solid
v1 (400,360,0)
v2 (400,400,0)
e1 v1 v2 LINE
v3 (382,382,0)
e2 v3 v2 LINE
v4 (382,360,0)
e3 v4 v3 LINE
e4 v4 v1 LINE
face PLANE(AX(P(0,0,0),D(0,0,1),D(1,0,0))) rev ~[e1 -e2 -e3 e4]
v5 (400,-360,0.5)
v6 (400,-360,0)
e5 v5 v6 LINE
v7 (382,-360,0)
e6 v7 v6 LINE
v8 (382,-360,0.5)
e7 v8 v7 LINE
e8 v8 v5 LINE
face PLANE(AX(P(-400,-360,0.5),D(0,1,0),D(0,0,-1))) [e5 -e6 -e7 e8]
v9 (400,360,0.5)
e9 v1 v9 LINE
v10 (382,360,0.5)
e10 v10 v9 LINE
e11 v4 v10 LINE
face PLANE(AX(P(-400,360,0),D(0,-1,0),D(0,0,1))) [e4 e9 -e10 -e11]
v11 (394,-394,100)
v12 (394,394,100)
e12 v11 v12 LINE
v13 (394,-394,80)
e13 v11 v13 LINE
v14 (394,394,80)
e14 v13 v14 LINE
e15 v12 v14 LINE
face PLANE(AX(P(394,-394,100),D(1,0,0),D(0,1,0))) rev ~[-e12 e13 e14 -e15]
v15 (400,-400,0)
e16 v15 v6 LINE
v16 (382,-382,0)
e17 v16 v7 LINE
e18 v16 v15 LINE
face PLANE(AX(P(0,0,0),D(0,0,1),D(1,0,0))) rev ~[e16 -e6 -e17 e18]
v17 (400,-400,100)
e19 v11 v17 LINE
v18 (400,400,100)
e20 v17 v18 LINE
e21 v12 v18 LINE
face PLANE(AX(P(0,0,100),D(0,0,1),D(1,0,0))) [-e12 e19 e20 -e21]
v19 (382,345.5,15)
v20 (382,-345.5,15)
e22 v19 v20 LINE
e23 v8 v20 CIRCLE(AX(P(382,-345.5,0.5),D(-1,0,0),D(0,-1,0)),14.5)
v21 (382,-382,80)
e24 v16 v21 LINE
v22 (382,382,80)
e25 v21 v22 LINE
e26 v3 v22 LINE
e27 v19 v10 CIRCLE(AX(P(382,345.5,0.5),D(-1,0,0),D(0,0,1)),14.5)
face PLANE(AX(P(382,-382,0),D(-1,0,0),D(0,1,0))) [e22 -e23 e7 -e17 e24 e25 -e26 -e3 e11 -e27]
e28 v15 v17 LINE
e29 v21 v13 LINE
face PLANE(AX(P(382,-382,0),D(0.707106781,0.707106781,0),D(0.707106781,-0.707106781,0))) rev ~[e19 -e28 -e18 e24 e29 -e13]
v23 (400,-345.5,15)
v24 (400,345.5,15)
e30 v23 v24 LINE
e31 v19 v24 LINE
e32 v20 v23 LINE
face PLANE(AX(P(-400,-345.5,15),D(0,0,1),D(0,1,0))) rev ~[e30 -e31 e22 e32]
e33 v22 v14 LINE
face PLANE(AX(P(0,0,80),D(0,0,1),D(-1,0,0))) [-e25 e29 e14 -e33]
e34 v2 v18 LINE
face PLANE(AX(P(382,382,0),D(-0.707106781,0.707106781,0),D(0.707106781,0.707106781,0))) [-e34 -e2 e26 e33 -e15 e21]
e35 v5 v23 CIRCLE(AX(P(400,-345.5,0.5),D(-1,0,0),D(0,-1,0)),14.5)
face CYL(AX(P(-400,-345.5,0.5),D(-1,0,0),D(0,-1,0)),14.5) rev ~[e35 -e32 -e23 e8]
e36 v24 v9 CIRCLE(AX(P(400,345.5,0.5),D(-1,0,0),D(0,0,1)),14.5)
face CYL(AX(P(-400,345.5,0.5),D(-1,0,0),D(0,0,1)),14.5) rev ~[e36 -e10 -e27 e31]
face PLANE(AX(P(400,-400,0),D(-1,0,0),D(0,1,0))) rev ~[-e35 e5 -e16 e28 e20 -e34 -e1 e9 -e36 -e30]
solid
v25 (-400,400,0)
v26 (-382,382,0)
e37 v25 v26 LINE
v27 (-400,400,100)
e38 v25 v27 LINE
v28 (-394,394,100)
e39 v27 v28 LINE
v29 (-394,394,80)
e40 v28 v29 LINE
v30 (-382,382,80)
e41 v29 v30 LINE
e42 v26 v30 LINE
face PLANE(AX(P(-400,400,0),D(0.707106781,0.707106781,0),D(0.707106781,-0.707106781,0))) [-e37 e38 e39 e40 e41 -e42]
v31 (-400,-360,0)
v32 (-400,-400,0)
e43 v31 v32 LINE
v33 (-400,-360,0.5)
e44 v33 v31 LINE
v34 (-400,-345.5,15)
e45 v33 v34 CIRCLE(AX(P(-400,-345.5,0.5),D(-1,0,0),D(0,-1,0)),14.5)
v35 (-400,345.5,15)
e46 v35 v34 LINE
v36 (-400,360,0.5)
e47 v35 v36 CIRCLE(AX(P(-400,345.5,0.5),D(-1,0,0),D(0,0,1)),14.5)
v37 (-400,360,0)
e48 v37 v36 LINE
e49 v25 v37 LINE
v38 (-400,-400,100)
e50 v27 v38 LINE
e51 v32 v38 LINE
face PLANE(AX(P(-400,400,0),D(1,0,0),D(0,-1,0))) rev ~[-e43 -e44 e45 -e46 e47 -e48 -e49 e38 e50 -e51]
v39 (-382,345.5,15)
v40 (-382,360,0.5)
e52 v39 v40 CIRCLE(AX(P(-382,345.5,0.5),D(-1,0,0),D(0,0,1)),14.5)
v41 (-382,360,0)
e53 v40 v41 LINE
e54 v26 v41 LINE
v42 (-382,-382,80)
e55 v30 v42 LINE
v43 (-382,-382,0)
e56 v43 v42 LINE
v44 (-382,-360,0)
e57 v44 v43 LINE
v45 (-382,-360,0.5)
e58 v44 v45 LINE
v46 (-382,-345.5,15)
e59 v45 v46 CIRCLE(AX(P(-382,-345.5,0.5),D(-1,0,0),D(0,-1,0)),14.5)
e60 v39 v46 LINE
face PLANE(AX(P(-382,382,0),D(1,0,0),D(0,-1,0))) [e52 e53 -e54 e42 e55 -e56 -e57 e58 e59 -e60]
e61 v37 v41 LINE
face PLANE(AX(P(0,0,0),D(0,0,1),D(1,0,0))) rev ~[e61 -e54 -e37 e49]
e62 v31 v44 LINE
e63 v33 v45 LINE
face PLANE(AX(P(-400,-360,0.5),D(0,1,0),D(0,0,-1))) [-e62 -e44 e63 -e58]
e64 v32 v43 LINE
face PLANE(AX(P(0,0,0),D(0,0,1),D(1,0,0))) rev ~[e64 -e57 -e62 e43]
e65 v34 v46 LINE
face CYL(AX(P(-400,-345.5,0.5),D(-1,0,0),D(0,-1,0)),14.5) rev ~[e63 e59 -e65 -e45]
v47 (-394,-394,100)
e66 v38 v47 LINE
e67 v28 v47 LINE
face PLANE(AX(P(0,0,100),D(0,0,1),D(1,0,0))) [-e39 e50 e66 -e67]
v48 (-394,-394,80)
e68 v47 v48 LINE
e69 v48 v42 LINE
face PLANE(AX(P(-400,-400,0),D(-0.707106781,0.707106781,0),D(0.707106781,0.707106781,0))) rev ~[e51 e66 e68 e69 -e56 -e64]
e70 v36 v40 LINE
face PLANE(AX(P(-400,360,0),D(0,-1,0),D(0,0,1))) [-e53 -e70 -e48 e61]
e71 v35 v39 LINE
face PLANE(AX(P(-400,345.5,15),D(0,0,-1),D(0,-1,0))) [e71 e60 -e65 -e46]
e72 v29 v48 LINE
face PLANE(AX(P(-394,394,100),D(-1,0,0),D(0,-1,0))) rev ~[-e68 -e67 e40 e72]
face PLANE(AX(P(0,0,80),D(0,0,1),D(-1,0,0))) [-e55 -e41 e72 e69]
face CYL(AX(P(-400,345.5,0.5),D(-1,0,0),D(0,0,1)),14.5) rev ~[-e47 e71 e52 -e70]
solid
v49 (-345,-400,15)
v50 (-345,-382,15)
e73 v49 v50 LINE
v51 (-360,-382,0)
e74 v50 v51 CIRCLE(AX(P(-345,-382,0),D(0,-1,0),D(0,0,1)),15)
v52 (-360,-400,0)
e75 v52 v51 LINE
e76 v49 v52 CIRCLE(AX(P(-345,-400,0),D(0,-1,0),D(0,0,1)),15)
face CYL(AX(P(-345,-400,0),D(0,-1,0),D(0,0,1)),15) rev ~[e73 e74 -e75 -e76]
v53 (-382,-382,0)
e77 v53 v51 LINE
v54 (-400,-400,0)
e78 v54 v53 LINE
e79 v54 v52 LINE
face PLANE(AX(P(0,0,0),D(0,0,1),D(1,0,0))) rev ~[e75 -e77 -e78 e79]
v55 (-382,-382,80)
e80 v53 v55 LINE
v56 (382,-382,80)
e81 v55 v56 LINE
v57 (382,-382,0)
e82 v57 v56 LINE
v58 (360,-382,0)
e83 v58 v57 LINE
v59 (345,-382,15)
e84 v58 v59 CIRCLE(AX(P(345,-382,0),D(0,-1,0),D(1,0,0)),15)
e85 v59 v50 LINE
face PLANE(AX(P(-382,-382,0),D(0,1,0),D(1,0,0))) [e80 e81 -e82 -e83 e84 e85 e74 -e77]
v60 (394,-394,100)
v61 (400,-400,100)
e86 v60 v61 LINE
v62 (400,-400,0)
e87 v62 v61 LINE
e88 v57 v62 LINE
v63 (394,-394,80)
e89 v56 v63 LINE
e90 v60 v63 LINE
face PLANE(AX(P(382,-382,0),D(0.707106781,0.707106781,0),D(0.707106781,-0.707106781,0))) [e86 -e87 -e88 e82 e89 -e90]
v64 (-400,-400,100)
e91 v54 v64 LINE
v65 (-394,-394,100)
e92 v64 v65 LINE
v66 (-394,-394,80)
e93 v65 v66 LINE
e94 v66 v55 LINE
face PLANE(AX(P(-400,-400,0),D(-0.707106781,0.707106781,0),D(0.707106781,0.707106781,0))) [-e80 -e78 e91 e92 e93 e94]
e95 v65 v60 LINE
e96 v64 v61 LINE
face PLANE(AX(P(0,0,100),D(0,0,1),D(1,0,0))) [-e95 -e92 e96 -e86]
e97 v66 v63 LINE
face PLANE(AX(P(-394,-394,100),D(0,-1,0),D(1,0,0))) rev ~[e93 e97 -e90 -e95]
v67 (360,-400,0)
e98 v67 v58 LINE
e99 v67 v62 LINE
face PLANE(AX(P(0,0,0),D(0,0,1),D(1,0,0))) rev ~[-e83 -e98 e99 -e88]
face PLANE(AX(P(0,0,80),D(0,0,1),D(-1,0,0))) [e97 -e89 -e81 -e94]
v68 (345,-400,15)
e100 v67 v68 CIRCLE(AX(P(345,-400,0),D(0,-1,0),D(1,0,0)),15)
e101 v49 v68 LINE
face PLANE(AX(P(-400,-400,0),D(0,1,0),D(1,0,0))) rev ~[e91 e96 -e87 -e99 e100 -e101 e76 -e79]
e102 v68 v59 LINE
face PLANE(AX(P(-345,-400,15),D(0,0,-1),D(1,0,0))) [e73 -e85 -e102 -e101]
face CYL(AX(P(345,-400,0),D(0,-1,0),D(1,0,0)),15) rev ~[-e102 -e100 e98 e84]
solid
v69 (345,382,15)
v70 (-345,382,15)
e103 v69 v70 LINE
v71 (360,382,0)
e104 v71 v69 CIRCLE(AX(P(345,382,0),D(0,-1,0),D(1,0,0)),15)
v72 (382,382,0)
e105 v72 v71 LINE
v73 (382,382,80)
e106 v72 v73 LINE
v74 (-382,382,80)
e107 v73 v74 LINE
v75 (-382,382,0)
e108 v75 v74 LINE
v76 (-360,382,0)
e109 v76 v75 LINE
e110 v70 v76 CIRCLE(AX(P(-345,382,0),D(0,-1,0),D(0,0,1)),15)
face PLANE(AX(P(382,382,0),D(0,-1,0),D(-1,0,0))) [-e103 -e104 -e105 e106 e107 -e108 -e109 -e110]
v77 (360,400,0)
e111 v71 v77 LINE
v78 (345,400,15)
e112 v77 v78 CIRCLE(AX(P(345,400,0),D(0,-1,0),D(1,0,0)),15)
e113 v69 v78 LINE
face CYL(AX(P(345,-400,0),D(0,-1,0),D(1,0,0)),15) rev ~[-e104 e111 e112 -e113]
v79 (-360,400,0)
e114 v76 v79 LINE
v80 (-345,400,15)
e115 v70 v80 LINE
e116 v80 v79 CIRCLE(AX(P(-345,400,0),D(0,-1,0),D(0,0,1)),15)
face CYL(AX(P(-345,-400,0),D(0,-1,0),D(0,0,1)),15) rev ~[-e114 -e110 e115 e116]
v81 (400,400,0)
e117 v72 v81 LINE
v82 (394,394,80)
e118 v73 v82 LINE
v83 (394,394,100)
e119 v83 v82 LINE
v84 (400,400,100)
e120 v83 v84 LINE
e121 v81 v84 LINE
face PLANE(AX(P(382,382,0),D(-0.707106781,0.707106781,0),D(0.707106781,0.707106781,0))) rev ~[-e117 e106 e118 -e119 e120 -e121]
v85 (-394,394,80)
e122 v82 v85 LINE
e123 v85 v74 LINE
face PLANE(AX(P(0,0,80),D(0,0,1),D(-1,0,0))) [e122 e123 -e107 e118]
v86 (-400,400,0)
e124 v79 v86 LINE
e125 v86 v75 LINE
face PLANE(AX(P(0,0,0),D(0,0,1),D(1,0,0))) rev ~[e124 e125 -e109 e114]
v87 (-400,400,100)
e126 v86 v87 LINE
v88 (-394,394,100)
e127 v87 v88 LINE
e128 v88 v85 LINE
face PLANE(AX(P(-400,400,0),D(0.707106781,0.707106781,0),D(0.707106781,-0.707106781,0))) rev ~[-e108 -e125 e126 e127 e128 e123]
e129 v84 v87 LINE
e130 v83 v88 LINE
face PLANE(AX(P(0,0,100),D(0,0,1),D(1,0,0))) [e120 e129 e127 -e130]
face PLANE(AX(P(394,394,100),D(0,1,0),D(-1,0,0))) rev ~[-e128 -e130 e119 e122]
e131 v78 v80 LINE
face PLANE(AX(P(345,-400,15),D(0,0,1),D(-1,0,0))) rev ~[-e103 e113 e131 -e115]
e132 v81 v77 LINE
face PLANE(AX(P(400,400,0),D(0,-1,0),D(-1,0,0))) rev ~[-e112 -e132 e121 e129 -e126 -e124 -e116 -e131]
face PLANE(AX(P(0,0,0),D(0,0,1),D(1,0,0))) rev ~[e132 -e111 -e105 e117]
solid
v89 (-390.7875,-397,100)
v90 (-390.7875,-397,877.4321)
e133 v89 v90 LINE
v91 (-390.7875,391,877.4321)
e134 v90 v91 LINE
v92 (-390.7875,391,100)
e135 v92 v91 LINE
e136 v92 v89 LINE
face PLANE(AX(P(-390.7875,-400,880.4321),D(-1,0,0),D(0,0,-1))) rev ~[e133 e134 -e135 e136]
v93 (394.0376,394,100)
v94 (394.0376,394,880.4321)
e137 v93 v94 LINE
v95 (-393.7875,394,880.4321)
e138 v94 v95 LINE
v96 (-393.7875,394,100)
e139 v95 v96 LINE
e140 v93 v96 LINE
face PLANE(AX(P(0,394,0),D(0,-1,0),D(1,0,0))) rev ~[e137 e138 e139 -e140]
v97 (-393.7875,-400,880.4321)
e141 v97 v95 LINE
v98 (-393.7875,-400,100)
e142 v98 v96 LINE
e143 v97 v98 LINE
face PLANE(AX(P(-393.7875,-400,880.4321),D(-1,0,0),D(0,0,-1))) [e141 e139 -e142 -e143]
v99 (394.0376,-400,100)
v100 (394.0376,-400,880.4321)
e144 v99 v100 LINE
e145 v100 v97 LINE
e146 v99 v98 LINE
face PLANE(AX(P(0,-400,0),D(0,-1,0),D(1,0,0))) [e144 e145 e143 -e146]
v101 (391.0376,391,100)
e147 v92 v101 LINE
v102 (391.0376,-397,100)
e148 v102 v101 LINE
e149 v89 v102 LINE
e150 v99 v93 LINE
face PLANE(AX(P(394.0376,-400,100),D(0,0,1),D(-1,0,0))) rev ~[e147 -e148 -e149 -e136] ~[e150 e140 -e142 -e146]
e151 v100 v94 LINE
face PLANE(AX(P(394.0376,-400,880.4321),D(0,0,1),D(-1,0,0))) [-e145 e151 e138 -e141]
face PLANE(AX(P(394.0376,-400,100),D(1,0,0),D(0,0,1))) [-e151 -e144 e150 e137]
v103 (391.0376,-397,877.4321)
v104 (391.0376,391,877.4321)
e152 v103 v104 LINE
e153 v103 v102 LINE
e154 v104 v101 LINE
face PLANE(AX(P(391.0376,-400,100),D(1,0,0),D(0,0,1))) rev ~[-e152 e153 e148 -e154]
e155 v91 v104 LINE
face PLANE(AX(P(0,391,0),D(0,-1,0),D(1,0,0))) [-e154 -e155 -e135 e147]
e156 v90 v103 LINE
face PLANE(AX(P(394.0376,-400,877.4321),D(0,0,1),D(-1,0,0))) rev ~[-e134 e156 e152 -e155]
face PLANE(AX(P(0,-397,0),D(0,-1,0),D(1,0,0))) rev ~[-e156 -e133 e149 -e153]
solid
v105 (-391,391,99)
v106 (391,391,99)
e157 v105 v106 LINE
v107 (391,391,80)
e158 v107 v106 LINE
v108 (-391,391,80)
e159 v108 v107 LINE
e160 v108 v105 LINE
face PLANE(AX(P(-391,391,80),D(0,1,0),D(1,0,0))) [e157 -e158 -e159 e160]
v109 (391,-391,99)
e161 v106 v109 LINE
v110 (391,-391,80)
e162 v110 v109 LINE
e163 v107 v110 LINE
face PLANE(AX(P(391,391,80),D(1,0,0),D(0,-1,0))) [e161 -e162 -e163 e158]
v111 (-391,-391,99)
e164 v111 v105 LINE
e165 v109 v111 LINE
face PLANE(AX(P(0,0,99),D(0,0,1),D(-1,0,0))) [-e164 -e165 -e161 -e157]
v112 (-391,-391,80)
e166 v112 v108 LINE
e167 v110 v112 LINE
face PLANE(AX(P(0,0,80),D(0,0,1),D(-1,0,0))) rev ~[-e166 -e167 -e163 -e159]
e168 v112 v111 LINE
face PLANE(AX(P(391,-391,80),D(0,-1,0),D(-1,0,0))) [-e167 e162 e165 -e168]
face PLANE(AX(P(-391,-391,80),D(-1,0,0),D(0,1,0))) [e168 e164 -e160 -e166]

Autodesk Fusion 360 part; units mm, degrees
sketch "Sketch3" plane through (0, 0, 0) normal (0, 0, 1) x (1, 0, 0)
  line L0 (-400, -400) -> (400, -400)
  line L1 (400, -400) -> (400, 400)
  line L2 (400, 400) -> (-400, 400)
  line L3 (-400, 400) -> (-400, -400)
  line L4 (382, -382) -> (382, 382)
  line L5 (382, 382) -> (-382, 382)
  line L6 (-382, 382) -> (-382, -382)
  line L7 (-382, -382) -> (382, -382)
  line L8 (-400, 400) -> (-382, 382)
  line L9 (382, -382) -> (400, -400)
  line L10 (-400, -400) -> (-382, -382)
  line L11 (382, 382) -> (400, 400)
  line L12 (-400, -400) -> (-382, -382) construction
  line L13 (382, 382) -> (400, 400) construction
  line L14 (400, -400) -> (382, -382) construction
  line L15 (-382, 382) -> (-400, 400) construction
  dimension "d11" = 800
  dimension "d12" = 800
  dimension "d13" = -18
extrude "Extrude3" add sketch "Sketch3" along normal blind 100 contours L3 L6 L8 L10 | L1 L4 L9 L11 makes body 1 at (-400, 133.3333, 66.6667) makes body 2 at (400, -133.3333, 66.6667)
extrude "Extrude4" add sketch "Sketch3" along normal blind 100 separate body contours L0 L7 L9 L10 | L2 L5 L8 L11 makes body 3 at (-133.3333, -400, 66.6667) makes body 4 at (133.3333, 400, 66.6667)
sketch "Sketch4" plane through (0, -400, 0) normal (0, -1, 0) x (1, 0, 0)
  line L0 (-400, 0) -> (400, 0)
  line L1 (400, 0) -> (400, 100)
  line L2 (400, 100) -> (-400, 100)
  line L3 (-400, 100) -> (-400, 0)
  line L4 (-350, 0) -> (0, 0)
  line L5 (-350, 15) -> (0, 15)
  line L6 (-350, 0) -> (-365, 0)
  arc A0 (-350, 15) -> (-365, 0) centre (-350, 0) ccw
  spline S0 degree 5 poles (0, 0) (0, 7.6752) (0, 23.0256) (0, 46.0513) (0, 76.7521) (0, 115.1282) (0, 145.829) (0, 168.8546) (0, 184.2051) (0, 191.8803) knots 0 0 0 0 0 0 0.2 0.4 0.6 0.8 1 1 1 1 1 1 construction
  line L7 (0, 1.75) -> (0, 22.5) construction
  line L8 (350, 0) -> (0, 0)
  line L9 (350, 0) -> (365, 0)
  arc A1 (365, 0) -> (350, 15) centre (350, 0) ccw
  line L10 (350, 15) -> (0, 15)
  point P0 (-400, 0)
  dimension "d18" = -15
  dimension "d19" = 50
ref_plane "WorkPlane1" through (0, -400, 50) normal (0, -1, 0) x (1, 0, 0)
sketch "Sketch6" plane through (0, 0, 100) normal (0, 0, 1) x (-1, 0, 0)
  line L0 (400, 400) -> (-400, 400)
  line L1 (-400, 400) -> (-382, 382)
  line L2 (-382, 382) -> (382, 382)
  line L3 (382, 382) -> (400, 400)
  line L4 (394, 394) -> (-394, 394)
  line L5 (-394, 394) -> (-394, -394)
  line L6 (-394, -394) -> (394, -394)
  line L7 (394, -394) -> (394, 394)
  line L8 (394, 394) -> (-394, -394) construction
  line L9 (-394, 394) -> (394, -394) construction
  dimension "d38" = 12
extrude "Extrude8" cut sketch "Sketch6" against normal blind 20 contours L1 L2 L3 L5 L6 L7 | L1 L2 L3 L4 bodies 1 2 3 4
sketch "Sketch11" plane through (0, -400, 0) normal (0, -1, 0) x (1, 0, 0)
  line L0 (0, 0) -> (0, 171.862) construction
  line L1 (-360, 0) -> (-360, -0.0001)
  line L2 (-345, 15) -> (0, 15)
  arc A0 (-345, 15) -> (-360, -0.0001) centre (-345, 0) ccw
  line L3 (-360, 0) -> (0, 0)
  line L4 (345, 15) -> (0, 15)
  line L5 (360, 0) -> (0, 0)
  arc A1 (360, -0.0001) -> (345, 15) centre (345, 0) ccw
  point P0 (-360.0001, 15)
  point P1 (-400, 0)
  dimension "d67" = 15
  dimension "d68" = 40
  dimension "d69" = 15
extrude "Extrude12" cut sketch "Sketch11" against normal blind 840 bodies 3 4
sketch "Sketch12" plane through (-400, 0, 0) normal (-1, 0, 0) x (0, -1, 0)
  line L0 (-400, 0) -> (400, 0)
  line L1 (400, 0) -> (400, 100)
  line L2 (400, 100) -> (-400, 100)
  line L3 (-400, 100) -> (-400, 0)
  line L4 (0, 0) -> (0, 212.8854) construction
  line L5 (-360, 0) -> (-360, 0.5)
  line L6 (-345.5, 15) -> (0, 15)
  arc A0 (-345.5, 15) -> (-360, 0.5) centre (-345.5, 0.5) ccw
  line L7 (-360, 0) -> (0, 0)
  line L8 (345.5, 15) -> (0, 15)
  arc A1 (360, 0.5) -> (345.5, 15) centre (345.5, 0.5) ccw
  line L9 (360, 0) -> (0, 0)
  line L10 (360, 0.5) -> (360, 0)
  point P0 (-360, 15)
  dimension "d76" = 40
  dimension "d77" = 15
  dimension "d78" = 14.5
extrude "Extrude13" cut sketch "Sketch12" against normal blind 950 contours L0 L5 L6 A0 L7 L8 A1 L9 L10 bodies 2 1
sketch "Sketch13" plane through (0, 0, 100) normal (0, 0, 1) x (-1, 0, 0)
  line L0 (394, -394) -> (-394, -394)
  line L1 (-394, -394) -> (-400, -400)
  line L2 (-400, -400) -> (400, -400)
  line L3 (400, -400) -> (394, -394)
  line L4 (391, -391) -> (-391, -391)
  line L5 (-391, -391) -> (-391, 391)
  line L6 (-391, 391) -> (391, 391)
  line L7 (391, 391) -> (391, -391)
  line L8 (391, -391) -> (-391, 391) construction
  line L9 (-391, -391) -> (391, 391) construction
  dimension "d81" = 3
extrude "Extrude14" add sketch "Sketch13" along normal blind 19 from surface at -20 separate body contours L4 L5 L6 L7 makes body 5
sketch "Sketch14" plane through (0, -400, 0) normal (0, -1, 0) x (1, 0, 0)
  arc A0 (360, 0) -> (345, 15) centre (345, 0) ccw
  line L0 (360, 0) -> (400, 0)
  line L1 (400, 0) -> (400, 100)
  line L2 (400, 100) -> (-400, 100)
  line L3 (-400, 100) -> (-400, 0)
  line L4 (-400, 0) -> (-360, 0)
  arc A1 (-345, 15) -> (-360, 0) centre (-345, 0) ccw
  line L5 (-345, 15) -> (345, 15)
  line L6 (-393.7875, 80.4321) -> (394.0376, 80.4321)
  line L7 (394.0376, 80.4321) -> (394.0376, 880.4321)
  line L8 (394.0376, 880.4321) -> (-393.7875, 880.4321)
  line L9 (-393.7875, 880.4321) -> (-393.7875, 80.4321)
  dimension "d85" = 800
extrude "Extrude15" add sketch "Sketch14" against normal blind 794 separate body contours L2 L7 L8 L9 makes body 6
shell "Shell1" thickness 3 removed faces 1 at (131.4293, -135.3333, 100) on bodies 6
